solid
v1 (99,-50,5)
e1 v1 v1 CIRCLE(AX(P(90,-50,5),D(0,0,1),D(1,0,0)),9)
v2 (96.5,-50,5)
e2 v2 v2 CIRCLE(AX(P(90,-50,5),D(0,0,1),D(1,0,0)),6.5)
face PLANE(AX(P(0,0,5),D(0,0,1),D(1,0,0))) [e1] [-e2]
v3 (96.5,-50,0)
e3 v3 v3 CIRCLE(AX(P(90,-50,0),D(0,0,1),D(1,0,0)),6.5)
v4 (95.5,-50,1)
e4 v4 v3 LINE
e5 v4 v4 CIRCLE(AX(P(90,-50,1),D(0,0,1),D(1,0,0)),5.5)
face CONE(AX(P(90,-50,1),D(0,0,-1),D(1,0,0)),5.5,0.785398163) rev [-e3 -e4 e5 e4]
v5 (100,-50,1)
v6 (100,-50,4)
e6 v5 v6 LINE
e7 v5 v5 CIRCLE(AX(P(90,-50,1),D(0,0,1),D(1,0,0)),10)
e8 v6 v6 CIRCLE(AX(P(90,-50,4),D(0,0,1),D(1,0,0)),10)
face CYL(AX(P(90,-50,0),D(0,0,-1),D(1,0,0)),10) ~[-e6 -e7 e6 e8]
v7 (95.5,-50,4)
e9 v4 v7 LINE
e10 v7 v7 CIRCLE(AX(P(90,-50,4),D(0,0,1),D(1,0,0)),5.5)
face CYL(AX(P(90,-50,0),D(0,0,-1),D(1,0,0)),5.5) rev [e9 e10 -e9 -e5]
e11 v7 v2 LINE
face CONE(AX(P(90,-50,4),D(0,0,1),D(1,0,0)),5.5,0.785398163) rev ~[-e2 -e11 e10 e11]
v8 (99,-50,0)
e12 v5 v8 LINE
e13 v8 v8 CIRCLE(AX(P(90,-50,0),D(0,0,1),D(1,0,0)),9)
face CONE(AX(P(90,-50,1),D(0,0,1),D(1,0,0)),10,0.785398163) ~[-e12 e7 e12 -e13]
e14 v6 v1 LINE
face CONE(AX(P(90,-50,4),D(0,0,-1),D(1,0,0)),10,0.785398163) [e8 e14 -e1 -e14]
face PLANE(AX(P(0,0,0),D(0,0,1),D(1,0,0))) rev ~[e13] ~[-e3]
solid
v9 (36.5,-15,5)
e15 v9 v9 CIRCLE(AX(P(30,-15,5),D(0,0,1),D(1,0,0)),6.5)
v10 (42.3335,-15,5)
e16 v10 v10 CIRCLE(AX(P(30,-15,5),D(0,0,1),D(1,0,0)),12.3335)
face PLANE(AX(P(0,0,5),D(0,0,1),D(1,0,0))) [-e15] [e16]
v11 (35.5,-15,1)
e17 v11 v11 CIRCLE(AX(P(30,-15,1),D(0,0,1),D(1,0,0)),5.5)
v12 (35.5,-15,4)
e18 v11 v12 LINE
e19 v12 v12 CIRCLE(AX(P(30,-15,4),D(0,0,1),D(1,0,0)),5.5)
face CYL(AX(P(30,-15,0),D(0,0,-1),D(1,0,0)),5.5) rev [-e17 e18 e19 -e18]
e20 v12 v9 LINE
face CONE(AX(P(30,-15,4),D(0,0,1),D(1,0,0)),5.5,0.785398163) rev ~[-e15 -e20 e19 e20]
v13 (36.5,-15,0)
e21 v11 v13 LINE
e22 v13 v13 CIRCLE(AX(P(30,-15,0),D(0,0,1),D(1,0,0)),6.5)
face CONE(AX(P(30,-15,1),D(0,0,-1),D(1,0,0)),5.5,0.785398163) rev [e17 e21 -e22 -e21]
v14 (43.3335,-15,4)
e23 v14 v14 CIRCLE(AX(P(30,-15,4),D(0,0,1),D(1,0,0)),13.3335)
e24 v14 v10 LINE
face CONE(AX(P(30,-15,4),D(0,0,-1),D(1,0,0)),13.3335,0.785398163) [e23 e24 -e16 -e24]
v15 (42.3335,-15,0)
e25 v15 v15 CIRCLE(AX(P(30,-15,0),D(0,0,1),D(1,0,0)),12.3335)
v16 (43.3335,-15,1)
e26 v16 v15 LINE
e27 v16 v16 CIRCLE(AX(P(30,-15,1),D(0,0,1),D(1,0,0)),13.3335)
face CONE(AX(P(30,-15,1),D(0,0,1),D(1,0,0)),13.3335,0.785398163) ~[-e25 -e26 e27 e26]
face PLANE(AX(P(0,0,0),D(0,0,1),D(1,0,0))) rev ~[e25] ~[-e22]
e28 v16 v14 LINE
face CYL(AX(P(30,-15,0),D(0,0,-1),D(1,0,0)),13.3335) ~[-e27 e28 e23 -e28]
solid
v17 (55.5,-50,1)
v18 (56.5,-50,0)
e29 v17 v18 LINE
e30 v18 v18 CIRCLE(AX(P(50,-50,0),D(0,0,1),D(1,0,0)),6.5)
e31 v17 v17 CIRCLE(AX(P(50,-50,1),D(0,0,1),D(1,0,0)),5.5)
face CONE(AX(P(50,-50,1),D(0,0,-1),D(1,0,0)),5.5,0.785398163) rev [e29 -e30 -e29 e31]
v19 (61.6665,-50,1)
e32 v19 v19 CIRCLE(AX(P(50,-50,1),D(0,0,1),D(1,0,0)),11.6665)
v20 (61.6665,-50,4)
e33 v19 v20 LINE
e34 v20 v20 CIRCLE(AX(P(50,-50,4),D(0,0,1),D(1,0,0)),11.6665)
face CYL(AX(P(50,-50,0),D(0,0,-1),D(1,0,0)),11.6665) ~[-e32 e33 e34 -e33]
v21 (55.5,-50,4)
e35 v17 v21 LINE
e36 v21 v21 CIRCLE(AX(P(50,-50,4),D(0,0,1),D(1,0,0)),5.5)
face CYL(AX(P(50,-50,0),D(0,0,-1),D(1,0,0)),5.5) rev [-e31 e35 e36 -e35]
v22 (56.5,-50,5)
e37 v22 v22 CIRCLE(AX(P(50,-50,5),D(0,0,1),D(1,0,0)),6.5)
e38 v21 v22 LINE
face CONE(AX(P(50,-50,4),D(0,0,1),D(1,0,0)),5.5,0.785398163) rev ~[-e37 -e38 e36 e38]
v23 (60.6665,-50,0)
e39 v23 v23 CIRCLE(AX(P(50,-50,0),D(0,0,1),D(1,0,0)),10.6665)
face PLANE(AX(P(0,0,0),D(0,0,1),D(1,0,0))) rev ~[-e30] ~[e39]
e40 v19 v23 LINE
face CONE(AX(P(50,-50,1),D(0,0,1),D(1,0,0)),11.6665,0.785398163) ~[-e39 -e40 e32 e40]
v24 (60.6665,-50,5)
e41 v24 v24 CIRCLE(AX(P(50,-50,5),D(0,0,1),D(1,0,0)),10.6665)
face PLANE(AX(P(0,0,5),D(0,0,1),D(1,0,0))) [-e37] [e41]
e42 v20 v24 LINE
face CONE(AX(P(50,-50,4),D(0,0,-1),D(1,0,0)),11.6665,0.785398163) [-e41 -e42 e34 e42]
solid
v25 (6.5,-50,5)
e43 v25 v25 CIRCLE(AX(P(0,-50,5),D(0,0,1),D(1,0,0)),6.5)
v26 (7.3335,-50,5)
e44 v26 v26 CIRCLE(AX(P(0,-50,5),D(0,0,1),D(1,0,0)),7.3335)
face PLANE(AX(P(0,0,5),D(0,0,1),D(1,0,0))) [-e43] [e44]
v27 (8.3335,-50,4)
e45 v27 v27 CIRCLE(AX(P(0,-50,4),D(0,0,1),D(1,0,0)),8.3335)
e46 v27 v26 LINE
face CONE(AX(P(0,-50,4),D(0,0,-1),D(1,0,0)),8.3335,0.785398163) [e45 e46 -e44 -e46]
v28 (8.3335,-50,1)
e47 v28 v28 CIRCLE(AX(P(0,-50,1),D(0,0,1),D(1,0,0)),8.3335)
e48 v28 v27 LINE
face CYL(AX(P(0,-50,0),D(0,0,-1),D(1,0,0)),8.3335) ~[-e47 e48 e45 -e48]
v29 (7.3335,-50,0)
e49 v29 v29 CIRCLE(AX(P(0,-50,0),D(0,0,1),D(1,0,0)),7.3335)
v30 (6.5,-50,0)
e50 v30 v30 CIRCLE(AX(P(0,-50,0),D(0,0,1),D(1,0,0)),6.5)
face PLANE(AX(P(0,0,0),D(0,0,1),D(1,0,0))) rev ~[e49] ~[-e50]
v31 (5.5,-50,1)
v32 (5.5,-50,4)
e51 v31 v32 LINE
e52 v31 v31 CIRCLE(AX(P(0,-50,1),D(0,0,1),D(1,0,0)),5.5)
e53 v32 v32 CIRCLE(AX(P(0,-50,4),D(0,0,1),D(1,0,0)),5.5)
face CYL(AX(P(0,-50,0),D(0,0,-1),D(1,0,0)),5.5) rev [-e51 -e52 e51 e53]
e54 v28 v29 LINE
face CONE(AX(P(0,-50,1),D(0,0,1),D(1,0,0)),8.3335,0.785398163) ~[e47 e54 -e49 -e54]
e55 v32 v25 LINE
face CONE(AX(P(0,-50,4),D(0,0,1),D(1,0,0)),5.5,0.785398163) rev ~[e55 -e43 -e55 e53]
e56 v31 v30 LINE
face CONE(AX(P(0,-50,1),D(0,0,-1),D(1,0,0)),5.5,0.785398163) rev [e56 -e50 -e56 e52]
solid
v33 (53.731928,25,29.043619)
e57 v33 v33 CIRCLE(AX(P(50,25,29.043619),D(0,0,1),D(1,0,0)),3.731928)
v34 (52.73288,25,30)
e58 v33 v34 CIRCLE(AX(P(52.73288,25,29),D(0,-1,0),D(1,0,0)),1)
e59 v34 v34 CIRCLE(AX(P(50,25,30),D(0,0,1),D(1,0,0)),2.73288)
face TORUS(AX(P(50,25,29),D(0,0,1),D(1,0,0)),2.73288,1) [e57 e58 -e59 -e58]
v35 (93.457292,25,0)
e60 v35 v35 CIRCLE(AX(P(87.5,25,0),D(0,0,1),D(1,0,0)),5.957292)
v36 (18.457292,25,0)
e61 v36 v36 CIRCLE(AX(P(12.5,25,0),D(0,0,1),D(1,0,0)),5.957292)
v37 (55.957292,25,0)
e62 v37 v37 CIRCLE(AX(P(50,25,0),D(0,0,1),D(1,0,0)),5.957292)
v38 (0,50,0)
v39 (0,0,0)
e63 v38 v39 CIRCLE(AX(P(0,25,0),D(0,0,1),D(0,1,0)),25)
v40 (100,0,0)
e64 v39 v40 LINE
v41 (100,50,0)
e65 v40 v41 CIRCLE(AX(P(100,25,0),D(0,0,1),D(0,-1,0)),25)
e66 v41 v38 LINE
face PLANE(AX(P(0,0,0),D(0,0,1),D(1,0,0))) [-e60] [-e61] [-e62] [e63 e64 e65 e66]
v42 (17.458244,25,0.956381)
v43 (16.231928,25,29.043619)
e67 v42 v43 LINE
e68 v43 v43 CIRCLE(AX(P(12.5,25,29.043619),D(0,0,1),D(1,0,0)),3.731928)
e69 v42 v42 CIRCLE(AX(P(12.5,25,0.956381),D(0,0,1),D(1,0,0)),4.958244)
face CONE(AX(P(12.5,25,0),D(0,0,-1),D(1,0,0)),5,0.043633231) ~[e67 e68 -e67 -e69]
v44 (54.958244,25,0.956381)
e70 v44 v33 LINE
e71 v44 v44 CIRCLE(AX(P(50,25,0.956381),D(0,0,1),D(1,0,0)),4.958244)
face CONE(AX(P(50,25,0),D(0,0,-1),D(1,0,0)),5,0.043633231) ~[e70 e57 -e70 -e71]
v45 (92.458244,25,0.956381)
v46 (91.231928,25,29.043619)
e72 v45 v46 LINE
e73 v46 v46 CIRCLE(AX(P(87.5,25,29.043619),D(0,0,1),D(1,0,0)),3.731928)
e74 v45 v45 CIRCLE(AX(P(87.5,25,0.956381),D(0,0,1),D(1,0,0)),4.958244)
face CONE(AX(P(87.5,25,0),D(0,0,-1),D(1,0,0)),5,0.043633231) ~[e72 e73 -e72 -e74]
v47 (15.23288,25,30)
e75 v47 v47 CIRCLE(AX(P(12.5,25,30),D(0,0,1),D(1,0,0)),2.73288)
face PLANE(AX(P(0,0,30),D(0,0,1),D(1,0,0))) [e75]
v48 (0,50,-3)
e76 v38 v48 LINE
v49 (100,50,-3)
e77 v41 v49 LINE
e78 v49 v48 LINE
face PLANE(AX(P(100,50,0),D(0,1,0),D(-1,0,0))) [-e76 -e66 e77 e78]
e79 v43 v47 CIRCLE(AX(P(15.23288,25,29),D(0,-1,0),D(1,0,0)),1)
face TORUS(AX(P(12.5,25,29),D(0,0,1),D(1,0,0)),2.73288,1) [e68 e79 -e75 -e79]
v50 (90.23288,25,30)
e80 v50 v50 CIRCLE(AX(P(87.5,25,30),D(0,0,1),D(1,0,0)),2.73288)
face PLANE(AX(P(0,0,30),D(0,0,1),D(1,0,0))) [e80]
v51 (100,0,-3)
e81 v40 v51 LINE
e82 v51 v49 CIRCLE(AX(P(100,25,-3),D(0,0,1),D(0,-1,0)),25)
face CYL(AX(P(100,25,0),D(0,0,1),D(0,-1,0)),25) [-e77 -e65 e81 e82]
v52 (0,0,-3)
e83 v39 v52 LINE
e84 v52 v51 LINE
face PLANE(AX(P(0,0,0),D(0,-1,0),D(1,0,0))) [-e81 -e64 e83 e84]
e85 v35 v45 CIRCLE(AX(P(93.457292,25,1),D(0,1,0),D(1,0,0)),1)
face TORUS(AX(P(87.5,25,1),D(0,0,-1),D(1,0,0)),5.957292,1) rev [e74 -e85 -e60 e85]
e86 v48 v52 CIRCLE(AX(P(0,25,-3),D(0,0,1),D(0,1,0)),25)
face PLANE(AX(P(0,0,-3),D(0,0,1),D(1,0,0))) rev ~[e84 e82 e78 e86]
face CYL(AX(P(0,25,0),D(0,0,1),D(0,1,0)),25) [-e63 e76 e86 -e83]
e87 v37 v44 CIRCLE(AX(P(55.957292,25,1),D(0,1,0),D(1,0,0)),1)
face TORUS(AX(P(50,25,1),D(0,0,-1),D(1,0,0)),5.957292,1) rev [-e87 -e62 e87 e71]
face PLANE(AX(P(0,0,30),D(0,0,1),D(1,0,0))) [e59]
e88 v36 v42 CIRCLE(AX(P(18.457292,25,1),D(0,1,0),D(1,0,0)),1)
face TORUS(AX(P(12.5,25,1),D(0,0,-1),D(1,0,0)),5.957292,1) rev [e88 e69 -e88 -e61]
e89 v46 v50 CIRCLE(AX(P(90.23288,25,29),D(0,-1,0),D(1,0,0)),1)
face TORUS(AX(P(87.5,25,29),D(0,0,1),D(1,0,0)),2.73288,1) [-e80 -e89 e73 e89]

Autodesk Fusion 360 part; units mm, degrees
sketch "Sketch1" plane through (0, 0, 0) normal (0, 0, 1) x (1, 0, 0)
  line L0 (0, 0) -> (100, 0)
  line L1 (100, 0) -> (100, 50)
  line L2 (100, 50) -> (0, 50)
  line L3 (0, 50) -> (0, 0)
  arc A0 (100, 0) -> (100, 50) centre (100, 25) ccw
  arc A1 (0, 50) -> (0, 0) centre (0, 25) ccw
  line L4 (0, 25) -> (100, 25) construction
  circle A2 centre (12.5, 25) radius 5
  line L5 (50, 0) -> (50, 50) construction
  circle A3 centre (50, 25) radius 5
  circle A4 centre (87.5, 25) radius 5
  dimension "d3" = 100
  dimension "d4" = 50
  dimension "d6" = 10
  dimension "d7" = 10
  dimension "d8" = 10
  dimension "d9" = 37.5
  dimension "d10" = 37.5
extrude "Extrude1" add sketch "Sketch1" against normal blind 3 contours L0 L1 L2 L3 | L3 A1 | L1 A0 | A2 | A3 | A4 makes body 1
extrude "Extrude2" add sketch "Sketch1" along normal blind 30 draft -2.5 contours A2 | A3 | A4 bodies 1
sketch "Sketch2" plane through (0, 0, 0) normal (0, 0, 1) x (1, 0, 0)
  circle A0 centre (0, -50) radius 8.3335
  circle A1 centre (0, -50) radius 5.5
  circle A2 centre (50, -50) radius 11.6665
  circle A3 centre (50, -50) radius 5.5
  circle A4 centre (90, -50) radius 10
  circle A5 centre (90, -50) radius 5.5
  circle A6 centre (30, -15) radius 13.3335
  circle A7 centre (30, -15) radius 5.5
  dimension "d17" = 16.667
  dimension "d18" = 11
  dimension "d20" = 23.333
  dimension "d21" = 11
  dimension "d22" = 20
  dimension "d23" = 11
  dimension "d28" = 26.667
  dimension "d29" = 11
extrude "Extrude3" add sketch "Sketch2" along normal blind 5 separate body makes body 2 at (8.3231, -50.4154, 3.3333) makes body 3 at (61.652, -50.5815, 3.3333) makes body 4 at (99.9876, -50.4985, 3.3333) makes body 5 at (40.6727, -15.6624, 0)
fillet "Fillet1" radius 1 3 edges at (82.8384, 26.8081, 0) (45.3384, 26.8081, 0) (7.8384, 26.8081, 0) on bodies 1
fillet "Fillet2" radius 1 3 edges at (84.0596, 26.3344, 30) (46.5596, 26.3344, 30) (9.0596, 26.3344, 30) on bodies 1
chamfer "Chamfer1" distance 1 angle 45 16 edges at (39.123, -54.2188, 0) (44.8722, -48.0111, 0) (39.123, -54.2188, 5) (44.8722, -48.0111, 5) (80.6767, -53.6162, 0) (84.8722, -48.0111, 0) (80.6767, -53.6162, 5) (84.8722, -48.0111, 5) (-7.7695, -53.0135, 0) (-5.1278, -48.0111, 0) (-7.7695, -53.0135, 5) (-5.1278, -48.0111, 5) (17.5688, -19.8216, 0) (24.8722, -13.0111, 0) (17.5688, -19.8216, 5) (24.8722, -13.0111, 5) on bodies 2 3 4 5
equation "baseLength = 100 mm"
equation "baseWidth = 50 mm"
equation "d3 = baseLength"
equation "d4 = baseWidth"
equation "pegBaseDiameter = 10 mm"
equation "d6 = pegBaseDiameter"
equation "d7 = pegBaseDiameter"
equation "d8 = pegBaseDiameter"
equation "d9 = ( baseLength + baseWidth ) / 4"
equation "d10 = ( baseLength + baseWidth ) / 4"
equation "baseThickness = 3 mm"
equation "d12 = -baseThickness"
equation "pegHeight = 30 mm"
equation "d15 = pegHeight"
equation "d18 = pegBaseDiameter + 1 mm"
equation "diskThickness = 5 mm"
equation "d21 = pegBaseDiameter + 1 mm"
equation "d23 = pegBaseDiameter + 1 mm"
equation "d24 = diskThickness"
equation "d29 = pegBaseDiameter + 1 mm"
